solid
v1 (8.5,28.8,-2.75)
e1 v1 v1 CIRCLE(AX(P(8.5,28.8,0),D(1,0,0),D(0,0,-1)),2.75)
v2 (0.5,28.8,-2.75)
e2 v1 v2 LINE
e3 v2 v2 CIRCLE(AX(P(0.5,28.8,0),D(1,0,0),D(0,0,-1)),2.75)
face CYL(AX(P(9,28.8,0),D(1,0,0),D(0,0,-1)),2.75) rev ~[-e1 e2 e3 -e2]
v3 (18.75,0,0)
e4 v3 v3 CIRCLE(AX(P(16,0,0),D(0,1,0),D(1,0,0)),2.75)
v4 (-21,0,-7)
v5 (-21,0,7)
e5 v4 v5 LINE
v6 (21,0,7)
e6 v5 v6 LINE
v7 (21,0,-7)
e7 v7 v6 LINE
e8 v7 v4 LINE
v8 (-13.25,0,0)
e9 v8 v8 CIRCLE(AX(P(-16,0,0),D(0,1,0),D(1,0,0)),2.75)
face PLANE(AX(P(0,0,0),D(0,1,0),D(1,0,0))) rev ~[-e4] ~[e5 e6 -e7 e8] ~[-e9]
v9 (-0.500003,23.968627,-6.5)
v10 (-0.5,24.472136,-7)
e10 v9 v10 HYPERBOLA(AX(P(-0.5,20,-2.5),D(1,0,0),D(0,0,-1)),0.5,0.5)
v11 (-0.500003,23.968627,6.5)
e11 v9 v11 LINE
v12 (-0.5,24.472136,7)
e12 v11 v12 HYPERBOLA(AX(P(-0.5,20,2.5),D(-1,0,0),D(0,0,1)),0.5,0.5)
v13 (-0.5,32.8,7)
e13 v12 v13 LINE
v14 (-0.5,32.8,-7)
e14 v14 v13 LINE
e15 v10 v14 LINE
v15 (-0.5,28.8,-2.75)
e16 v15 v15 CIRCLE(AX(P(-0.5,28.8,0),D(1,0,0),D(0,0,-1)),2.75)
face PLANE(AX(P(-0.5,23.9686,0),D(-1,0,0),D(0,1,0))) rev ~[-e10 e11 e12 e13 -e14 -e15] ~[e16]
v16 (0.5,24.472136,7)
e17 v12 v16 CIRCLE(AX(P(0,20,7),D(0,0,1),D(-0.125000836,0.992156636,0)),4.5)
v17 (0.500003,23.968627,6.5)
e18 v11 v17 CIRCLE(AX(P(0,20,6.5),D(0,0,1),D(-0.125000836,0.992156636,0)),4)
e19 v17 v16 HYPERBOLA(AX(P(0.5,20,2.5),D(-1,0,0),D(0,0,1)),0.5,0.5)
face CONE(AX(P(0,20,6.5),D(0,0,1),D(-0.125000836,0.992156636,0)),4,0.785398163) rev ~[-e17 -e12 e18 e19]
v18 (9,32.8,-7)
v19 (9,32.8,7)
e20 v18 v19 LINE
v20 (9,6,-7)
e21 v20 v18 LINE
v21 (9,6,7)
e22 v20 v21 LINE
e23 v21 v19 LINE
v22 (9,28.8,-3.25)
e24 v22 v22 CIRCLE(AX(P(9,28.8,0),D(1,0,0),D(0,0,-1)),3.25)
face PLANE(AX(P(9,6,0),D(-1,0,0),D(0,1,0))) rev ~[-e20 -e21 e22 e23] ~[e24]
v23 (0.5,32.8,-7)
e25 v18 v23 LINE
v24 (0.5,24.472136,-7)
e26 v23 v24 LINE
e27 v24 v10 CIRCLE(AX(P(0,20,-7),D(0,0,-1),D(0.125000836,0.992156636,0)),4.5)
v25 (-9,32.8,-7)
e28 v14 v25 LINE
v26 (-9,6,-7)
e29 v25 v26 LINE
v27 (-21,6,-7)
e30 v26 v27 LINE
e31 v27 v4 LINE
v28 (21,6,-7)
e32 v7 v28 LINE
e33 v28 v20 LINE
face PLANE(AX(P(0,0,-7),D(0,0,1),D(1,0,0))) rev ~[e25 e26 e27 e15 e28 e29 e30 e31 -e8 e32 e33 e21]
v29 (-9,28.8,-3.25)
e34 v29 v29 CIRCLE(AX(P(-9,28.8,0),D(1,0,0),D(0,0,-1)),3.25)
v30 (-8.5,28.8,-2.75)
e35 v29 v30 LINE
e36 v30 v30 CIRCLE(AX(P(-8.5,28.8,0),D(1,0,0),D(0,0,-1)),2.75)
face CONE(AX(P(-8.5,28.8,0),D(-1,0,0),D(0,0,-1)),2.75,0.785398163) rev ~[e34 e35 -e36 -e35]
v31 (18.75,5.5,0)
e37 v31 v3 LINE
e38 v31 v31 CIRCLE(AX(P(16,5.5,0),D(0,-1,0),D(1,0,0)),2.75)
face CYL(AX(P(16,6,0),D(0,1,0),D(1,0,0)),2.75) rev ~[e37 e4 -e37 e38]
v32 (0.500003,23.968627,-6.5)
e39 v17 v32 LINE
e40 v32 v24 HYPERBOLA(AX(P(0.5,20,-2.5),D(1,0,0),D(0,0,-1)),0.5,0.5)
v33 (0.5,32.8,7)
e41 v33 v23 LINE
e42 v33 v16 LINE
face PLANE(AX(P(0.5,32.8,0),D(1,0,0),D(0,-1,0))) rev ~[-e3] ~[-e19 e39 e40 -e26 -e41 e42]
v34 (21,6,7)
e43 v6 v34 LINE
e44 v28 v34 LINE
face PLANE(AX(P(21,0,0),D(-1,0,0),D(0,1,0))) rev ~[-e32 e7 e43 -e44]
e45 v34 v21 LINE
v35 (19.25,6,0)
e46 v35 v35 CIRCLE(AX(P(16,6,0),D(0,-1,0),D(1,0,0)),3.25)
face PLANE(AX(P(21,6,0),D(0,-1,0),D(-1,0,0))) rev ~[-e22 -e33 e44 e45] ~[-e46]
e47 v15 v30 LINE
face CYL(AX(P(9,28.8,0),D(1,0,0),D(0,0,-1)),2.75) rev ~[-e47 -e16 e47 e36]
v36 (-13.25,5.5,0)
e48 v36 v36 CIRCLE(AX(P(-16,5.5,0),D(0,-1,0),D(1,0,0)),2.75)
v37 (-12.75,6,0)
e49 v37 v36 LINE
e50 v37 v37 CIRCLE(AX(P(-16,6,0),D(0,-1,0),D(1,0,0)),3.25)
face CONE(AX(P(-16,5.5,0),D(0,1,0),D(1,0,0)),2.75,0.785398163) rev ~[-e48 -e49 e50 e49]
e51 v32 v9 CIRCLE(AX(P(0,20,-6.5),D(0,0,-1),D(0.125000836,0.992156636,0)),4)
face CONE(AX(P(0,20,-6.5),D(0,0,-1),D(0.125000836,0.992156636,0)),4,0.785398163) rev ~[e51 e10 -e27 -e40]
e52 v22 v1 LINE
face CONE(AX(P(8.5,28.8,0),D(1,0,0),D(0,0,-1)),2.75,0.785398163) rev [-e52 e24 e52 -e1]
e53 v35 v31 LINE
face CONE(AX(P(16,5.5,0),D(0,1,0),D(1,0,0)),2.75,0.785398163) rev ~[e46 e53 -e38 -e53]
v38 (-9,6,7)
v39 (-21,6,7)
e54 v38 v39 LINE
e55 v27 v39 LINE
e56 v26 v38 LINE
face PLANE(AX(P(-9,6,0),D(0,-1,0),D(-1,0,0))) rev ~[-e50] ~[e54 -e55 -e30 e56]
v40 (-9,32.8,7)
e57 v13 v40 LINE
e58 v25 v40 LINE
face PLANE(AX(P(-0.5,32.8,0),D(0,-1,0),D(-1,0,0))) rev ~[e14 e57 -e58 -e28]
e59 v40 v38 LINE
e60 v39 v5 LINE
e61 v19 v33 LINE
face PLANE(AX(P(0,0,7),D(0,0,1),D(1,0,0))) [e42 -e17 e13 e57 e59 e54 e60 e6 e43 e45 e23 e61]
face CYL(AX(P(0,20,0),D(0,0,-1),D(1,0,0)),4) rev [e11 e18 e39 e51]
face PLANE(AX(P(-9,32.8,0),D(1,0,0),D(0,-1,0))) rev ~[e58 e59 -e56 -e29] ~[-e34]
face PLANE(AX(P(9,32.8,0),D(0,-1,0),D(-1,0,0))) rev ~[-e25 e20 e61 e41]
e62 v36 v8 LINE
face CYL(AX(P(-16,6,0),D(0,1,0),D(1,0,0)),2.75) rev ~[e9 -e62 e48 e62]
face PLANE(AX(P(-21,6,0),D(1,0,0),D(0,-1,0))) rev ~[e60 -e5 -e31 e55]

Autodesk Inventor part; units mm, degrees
ref_plane "YZ Plane" through (0, 0, 0) normal (1, 0, 0) x (0, 1, 0)
ref_plane "XZ Plane" through (0, 0, 0) normal (0, 1, 0) x (-1, 0, 0)
ref_plane "XY Plane" through (0, 0, 0) normal (0, 0, 1) x (1, 0, 0)
sketch "Sketch1" plane through (0, 0, 0) normal (0, 0, 1) x (1, 0, 0)
  line L0 (0, 39.36) -> (0, -6.56) projected
  line L1 (-29.4, 0) -> (29.4, 0) projected
  line L2 (-21, 0) -> (21, 0)
  line L3 (21, 0) -> (21, 6)
  line L4 (21, 6) -> (9, 6)
  line L5 (9, 6) -> (9, 32.8)
  line L6 (9, 32.8) -> (0.5, 32.8)
  line L7 (0.5, 32.8) -> (0.5, 23.9686)
  line L8 (-0.5, 23.9686) -> (-0.5, 32.8)
  line L9 (-0.5, 32.8) -> (-9, 32.8)
  line L10 (-9, 32.8) -> (-9, 6)
  line L11 (-9, 6) -> (-21, 6)
  line L12 (-21, 6) -> (-21, 0)
  circle A0 centre (0, 20) radius 4
  point P0 (0, 0)
  dimension "d0" = 42
  dimension "d1" = 6
  dimension "d2" = 20
  dimension "d3" = 32.8
  dimension "d4" = 21
  dimension "d5" = 18
  dimension "d6" = 8
  dimension "d7" = 1
extrude "Extrusion1" add sketch "Sketch1" along normal mid plane 14 contours A0 L7 L6 L5 L4 L3 L1 L0 | L0 L1 L12 L11 L10 L9 L8 A0
sketch "Sketch2" plane through (-21, 6, -7) normal (0, 1, 0) x (1, 0, 0)
  line L0 (0, 0) -> (12, 0) projected
  line L1 (0, 0) -> (0, -14) projected
  line L2 (12, -14) -> (0, -14) projected
  line L3 (12, 0) -> (12, -14) projected
  line L4 (30, 0) -> (42, 0) projected
  line L5 (30, 0) -> (30, -14) projected
  line L6 (42, -14) -> (30, -14) projected
  line L7 (42, 0) -> (42, -14) projected
  circle A0 centre (5, -7) radius 2.75
  circle A1 centre (37, -7) radius 2.75
  line L8 (21, 2.8) -> (21, -16.8) projected
  line L9 (50.4, -7) -> (-8.4, -7) projected
  point P0 (21, -7)
  dimension "d10" = 5.5
  dimension "d11" = 32
  dimension "d21" = 5
extrude "Extrusion2" cut sketch "Sketch2" against normal up to next contours L9 A0 | A0 L9 | L9 A1 | A1 L9
sketch "Sketch3" plane through (9, 6, 7) normal (1, 0, 0) x (0, 0, -1)
  line L0 (14, 26.8) -> (0, 26.8) projected
  line L1 (0, 0) -> (0, 26.8) projected
  line L2 (14, 0) -> (0, 0) projected
  line L3 (14, 26.8) -> (14, 0) projected
  circle A0 centre (7, 22.8) radius 2.75
  line L4 (14, 26.8) -> (0, 26.8) construction
  line L5 (7, 26.8) -> (7, 0) construction
  line L6 (14, 0) -> (0, 0) construction
  point P0 (7, -6)
  dimension "d14" = 5.5
  dimension "d15" = 4
extrude "Extrusion3" cut sketch "Sketch3" against normal up to surface (18 mm away) contours A0
chamfer "Chamfer1" distance 0.5 angle 45 6 edges at (0, 16, 7) (0, 16, -7) (9, 28.8, 2.75) (13.25, 6, 0) (-9, 28.8, 2.75) (-18.75, 6, 0)
properties part number "Linear Rail Shaft Guide" material "Aluminum 6061"
